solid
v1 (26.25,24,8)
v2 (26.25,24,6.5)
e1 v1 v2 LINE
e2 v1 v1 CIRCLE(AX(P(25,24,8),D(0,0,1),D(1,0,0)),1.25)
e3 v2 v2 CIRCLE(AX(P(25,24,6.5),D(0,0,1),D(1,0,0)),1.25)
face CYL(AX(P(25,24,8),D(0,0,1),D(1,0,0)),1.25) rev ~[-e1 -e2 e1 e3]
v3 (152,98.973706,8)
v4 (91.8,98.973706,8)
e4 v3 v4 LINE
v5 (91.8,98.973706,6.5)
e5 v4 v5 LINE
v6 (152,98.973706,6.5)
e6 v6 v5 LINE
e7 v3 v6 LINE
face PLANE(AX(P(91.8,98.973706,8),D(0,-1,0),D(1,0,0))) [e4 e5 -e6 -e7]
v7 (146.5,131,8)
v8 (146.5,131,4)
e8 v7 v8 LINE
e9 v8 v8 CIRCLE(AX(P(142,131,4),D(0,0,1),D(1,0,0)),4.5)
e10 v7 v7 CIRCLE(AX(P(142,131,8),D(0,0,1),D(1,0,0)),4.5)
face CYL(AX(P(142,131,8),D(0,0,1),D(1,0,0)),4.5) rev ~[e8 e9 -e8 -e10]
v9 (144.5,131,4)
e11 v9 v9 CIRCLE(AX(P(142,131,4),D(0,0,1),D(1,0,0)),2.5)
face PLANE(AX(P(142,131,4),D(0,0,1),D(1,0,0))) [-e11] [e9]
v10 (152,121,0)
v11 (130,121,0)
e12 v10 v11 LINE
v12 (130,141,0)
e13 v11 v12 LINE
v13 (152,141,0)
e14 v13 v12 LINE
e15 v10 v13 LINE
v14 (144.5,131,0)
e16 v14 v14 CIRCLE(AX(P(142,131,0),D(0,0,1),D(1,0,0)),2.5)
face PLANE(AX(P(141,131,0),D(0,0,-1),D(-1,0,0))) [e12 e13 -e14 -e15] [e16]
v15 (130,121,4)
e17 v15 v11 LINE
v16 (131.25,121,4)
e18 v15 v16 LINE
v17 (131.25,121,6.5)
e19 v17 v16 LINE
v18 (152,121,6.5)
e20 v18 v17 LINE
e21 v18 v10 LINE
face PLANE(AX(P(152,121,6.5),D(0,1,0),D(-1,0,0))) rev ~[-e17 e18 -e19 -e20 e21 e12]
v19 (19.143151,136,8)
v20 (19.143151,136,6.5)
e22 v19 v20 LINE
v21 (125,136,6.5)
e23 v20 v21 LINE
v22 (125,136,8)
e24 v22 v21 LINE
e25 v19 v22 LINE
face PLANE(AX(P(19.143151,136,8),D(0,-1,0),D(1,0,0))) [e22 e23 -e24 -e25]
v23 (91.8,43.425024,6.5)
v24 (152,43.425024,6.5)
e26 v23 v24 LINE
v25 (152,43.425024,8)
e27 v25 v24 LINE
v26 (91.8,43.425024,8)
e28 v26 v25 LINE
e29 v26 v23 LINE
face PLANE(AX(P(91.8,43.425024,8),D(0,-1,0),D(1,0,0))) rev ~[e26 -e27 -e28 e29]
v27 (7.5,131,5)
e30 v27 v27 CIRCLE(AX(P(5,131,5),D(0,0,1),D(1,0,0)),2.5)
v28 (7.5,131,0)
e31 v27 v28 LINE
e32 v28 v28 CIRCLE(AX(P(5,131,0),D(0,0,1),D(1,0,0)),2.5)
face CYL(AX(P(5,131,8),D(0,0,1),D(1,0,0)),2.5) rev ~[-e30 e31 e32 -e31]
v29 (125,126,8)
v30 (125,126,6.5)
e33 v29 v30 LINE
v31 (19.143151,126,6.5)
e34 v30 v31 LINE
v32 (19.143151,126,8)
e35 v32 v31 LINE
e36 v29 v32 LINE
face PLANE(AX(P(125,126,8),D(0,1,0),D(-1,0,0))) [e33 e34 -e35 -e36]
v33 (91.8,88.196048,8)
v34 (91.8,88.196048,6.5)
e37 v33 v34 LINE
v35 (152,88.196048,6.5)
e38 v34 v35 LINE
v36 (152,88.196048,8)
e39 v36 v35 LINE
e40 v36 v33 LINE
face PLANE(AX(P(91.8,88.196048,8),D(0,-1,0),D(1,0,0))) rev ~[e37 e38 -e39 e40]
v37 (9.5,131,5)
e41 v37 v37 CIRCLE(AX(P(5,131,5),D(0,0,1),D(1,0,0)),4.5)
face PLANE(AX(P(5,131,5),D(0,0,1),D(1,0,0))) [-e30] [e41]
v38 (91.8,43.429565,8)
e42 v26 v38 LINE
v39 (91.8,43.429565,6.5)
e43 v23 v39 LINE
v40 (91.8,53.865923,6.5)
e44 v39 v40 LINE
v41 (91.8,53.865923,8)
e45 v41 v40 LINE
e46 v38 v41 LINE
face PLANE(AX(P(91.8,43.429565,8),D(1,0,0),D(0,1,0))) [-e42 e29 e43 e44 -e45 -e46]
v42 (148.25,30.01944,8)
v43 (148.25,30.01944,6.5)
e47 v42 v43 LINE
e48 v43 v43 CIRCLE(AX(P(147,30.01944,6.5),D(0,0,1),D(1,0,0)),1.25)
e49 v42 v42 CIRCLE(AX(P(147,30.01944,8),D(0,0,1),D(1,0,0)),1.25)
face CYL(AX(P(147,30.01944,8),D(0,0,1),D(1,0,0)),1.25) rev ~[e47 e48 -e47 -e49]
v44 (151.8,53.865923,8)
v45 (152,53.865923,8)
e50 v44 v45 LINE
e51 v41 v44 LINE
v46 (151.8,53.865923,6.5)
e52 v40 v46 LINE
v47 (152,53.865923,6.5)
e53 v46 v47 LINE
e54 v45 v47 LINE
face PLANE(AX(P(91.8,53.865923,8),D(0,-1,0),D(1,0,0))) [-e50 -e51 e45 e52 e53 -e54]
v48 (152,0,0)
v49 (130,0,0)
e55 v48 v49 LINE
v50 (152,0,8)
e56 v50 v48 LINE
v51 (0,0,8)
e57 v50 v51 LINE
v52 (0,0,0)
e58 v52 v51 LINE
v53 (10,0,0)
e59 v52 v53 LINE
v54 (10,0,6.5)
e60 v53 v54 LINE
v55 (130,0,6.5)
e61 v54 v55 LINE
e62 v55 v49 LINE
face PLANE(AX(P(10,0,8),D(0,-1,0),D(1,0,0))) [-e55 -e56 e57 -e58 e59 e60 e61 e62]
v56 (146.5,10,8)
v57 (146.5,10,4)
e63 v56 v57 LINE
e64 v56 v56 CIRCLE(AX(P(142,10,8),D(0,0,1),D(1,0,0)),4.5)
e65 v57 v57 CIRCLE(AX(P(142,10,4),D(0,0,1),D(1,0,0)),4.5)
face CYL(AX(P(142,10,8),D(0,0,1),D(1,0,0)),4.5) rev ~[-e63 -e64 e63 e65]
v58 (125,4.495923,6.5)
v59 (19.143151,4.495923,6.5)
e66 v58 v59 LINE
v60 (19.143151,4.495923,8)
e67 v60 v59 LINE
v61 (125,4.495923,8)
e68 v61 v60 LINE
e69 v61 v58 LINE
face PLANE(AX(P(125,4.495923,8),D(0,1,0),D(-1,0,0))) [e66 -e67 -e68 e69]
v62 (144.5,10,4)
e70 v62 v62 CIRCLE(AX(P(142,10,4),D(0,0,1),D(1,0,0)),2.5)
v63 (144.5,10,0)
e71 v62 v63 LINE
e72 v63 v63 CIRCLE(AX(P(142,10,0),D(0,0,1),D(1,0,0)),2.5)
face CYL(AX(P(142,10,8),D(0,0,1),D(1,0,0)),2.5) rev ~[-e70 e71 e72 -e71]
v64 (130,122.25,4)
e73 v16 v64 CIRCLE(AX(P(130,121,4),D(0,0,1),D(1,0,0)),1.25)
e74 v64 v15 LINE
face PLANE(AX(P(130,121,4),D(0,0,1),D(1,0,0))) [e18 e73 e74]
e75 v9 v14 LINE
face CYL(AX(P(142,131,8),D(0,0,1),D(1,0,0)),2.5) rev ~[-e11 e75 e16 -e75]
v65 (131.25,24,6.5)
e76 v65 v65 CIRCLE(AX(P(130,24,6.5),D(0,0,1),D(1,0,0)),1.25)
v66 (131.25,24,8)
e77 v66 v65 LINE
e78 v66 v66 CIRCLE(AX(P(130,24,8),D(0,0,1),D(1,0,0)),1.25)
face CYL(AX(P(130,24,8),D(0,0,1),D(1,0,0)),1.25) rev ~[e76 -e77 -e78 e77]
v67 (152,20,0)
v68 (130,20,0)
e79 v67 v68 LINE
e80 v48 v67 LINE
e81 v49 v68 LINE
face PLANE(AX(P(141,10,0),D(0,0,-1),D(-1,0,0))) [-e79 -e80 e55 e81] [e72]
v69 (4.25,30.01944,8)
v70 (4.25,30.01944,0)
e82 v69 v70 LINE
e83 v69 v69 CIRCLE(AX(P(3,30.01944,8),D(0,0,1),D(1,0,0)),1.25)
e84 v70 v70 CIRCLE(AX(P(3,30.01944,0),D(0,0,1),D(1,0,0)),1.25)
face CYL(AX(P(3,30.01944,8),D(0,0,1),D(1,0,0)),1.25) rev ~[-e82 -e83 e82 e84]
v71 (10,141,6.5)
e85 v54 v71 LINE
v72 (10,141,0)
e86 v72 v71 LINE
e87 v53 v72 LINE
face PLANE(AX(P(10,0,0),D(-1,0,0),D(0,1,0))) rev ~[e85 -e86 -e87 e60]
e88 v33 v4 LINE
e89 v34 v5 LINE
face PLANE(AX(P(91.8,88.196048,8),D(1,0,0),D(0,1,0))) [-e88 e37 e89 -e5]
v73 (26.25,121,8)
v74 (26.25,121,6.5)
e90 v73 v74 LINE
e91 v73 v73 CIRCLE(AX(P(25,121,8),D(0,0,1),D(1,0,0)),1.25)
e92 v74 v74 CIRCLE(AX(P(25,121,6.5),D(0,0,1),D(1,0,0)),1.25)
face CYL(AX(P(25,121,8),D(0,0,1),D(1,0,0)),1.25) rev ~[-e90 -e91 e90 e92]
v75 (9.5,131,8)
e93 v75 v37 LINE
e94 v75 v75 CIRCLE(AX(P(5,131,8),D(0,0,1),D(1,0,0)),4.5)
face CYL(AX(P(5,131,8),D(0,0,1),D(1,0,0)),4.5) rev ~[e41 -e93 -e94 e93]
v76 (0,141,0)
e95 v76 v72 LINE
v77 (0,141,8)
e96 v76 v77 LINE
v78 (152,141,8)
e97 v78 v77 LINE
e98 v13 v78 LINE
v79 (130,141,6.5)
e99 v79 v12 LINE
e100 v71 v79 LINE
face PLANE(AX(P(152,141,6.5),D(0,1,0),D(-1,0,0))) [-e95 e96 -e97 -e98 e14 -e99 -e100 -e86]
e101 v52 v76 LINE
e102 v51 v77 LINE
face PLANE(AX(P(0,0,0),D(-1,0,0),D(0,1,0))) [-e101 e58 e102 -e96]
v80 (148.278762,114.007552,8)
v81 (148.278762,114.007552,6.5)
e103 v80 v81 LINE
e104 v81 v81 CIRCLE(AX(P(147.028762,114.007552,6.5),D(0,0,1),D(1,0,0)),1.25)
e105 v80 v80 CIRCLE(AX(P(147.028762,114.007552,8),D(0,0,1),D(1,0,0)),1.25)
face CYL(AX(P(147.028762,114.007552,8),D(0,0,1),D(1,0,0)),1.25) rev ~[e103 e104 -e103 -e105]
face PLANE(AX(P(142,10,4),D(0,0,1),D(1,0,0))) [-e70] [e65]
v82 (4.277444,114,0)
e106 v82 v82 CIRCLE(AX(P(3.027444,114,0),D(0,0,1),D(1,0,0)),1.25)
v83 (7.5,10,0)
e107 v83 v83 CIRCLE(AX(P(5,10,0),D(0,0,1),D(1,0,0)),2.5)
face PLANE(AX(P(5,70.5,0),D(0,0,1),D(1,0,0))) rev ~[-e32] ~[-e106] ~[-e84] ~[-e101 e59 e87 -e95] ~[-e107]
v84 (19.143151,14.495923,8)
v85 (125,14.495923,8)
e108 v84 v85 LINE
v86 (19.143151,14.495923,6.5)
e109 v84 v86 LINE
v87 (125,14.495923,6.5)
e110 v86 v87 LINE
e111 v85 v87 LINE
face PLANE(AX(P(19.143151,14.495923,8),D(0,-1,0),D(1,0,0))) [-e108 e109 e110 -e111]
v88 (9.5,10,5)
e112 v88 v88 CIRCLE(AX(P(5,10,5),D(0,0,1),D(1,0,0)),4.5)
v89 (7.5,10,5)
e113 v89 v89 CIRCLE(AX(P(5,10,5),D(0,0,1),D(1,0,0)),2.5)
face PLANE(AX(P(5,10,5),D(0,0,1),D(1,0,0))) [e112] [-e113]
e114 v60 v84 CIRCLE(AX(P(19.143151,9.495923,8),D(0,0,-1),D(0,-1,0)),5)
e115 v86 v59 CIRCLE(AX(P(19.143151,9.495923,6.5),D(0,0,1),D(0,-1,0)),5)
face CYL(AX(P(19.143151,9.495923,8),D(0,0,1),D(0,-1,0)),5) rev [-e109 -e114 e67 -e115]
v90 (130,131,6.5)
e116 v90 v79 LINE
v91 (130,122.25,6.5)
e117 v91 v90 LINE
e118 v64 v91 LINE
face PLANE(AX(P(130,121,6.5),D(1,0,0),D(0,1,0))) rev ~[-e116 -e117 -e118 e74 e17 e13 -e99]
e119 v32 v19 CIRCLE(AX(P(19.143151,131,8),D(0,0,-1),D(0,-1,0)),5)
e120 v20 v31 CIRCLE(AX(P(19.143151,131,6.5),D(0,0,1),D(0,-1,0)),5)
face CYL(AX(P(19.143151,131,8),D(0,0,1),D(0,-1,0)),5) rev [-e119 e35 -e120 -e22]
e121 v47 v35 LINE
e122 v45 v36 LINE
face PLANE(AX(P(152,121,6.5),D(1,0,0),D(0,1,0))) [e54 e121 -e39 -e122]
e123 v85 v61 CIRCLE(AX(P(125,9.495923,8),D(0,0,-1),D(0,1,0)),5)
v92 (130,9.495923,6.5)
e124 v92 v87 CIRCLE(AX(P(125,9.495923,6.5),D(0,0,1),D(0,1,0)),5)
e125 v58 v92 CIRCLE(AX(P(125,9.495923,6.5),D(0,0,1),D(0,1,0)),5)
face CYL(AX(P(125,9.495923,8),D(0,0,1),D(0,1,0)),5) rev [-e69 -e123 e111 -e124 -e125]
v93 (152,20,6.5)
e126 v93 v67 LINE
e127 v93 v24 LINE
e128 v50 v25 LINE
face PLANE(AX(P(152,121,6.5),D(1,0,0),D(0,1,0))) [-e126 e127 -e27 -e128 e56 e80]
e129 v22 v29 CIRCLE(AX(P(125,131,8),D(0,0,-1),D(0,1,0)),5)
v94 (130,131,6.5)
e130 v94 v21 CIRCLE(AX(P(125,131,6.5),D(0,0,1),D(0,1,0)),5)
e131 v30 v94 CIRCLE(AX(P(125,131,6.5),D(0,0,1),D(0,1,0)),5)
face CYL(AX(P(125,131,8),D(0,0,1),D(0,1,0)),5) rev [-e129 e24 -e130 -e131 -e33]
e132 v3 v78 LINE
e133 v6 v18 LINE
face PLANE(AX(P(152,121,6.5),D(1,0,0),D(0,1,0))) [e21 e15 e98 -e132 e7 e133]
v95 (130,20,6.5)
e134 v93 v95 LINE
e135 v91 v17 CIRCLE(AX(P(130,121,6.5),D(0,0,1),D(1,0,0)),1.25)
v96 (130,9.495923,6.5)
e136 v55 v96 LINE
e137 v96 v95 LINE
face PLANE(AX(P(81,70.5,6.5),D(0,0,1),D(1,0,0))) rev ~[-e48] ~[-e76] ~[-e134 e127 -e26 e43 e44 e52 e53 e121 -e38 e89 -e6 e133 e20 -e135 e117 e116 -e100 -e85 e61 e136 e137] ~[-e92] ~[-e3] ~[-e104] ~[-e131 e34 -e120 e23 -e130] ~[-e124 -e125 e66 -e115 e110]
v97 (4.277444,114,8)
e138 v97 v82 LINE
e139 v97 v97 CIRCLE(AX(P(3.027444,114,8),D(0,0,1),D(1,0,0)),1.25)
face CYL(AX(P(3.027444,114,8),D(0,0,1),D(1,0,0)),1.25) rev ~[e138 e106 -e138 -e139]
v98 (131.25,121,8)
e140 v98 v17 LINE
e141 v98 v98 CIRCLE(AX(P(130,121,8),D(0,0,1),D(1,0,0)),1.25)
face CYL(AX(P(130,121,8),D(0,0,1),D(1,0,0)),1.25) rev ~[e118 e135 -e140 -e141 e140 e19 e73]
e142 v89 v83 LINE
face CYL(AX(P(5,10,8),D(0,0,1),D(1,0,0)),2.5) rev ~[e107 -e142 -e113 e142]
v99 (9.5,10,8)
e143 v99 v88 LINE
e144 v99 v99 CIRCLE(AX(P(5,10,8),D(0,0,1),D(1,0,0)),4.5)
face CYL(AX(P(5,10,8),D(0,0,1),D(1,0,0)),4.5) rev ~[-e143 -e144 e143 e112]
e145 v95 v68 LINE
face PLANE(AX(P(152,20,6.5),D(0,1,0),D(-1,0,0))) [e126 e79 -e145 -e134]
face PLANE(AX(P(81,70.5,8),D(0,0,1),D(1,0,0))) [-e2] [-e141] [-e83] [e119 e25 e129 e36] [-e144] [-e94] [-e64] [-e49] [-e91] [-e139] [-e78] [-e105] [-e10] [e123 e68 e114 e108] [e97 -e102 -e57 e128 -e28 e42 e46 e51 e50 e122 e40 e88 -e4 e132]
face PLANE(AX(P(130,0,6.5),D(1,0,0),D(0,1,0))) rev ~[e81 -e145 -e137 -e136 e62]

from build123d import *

# Parameters (mm, degrees)
SKETCH1_W           = 10
SKETCH1_H           = 141
BOSS_EXTRUDE1_DEPTH = 8
SKETCH2_R           = 2.5
CUT_EXTRUDE1_DEPTH  = 8
SKETCH3_W           = 142
SKETCH3_H           = 141
BOSS_EXTRUDE2_DEPTH = 1.5
CUT_EXTRUDE4_DEPTH  = 24
SKETCH12_W          = 60
SKETCH12_H          = 10.777657791
SKETCH12_H_2        = 10.436358021
CUT_EXTRUDE6_DEPTH  = 10
SKETCH14_W          = 22
SKETCH14_H          = 20
BOSS_EXTRUDE5_DEPTH = 6.5
SKETCH16_W          = 61.380351881
SKETCH16_H          = 10.777657791
SKETCH16_H_2        = 10.440898972
CUT_EXTRUDE9_DEPTH  = 26.5
SKETCH17_R          = 4.5
CUT_EXTRUDE10_DEPTH = 3
SKETCH9_R           = 1.25
CUT_EXTRUDE11_DEPTH = 14
SKETCH13_R          = 2.5
CUT_EXTRUDE12_DEPTH = 14
SKETCH19_R          = 4.5
CUT_EXTRUDE13_DEPTH = 4
SKETCH20_R          = 1.25
CUT_EXTRUDE14_DEPTH = 4


with BuildPart() as part:
    # Sketch1 → Boss-Extrude1 (new body)
    with BuildSketch(Plane.XY):
        with Locations((5, 70.5)):
            Rectangle(SKETCH1_W, SKETCH1_H)
    extrude(amount=BOSS_EXTRUDE1_DEPTH)

    # Sketch2 → Cut-Extrude1 (cut)
    with BuildSketch(Plane.XY.offset(8)):
        with Locations((5, 131)):
            Circle(SKETCH2_R)
        with Locations((5, 10)):
            Circle(SKETCH2_R)
    extrude(amount=-CUT_EXTRUDE1_DEPTH, mode=Mode.SUBTRACT)

    # Sketch3 → Boss-Extrude2 (add)
    with BuildSketch(Plane.XY.offset(8)):
        with Locations((81, 70.5)):
            Rectangle(SKETCH3_W, SKETCH3_H)
    extrude(amount=-BOSS_EXTRUDE2_DEPTH)

    # Sketch8 → Cut-Extrude4 (cut)
    with BuildSketch(Plane.XY.offset(8)):
        with BuildLine():
            Line((19.143151415, 136), (125, 136))
            ThreePointArc((125, 136), (130, 131), (125, 126))
            Line((125, 126), (19.143151415, 126))
            ThreePointArc((19.143151415, 126), (14.143151415, 131), (19.143151415, 136))
        make_face()
        with BuildLine():
            Line((19.143151415, 14.495923054), (125, 14.495923054))
            ThreePointArc((125, 14.495923054), (130, 9.495923054), (125, 4.495923054))
            Line((125, 4.495923054), (19.143151415, 4.495923054))
            ThreePointArc((19.143151415, 4.495923054), (14.143151415, 9.495923054), (19.143151415, 14.495923054))
        make_face()
    extrude(amount=-CUT_EXTRUDE4_DEPTH, mode=Mode.SUBTRACT)

    # Sketch12 → Cut-Extrude6 (cut)
    with BuildSketch(Plane.XY.offset(8)):
        with Locations((121.8, 93.584876831)):
            Rectangle(SKETCH12_W, SKETCH12_H)
        with Locations((121.8, 48.647743856)):
            Rectangle(SKETCH12_W, SKETCH12_H_2)
    extrude(amount=-CUT_EXTRUDE6_DEPTH, mode=Mode.SUBTRACT)

    # Sketch14 → Boss-Extrude5 (add)
    with BuildSketch(Plane(origin=(0, 0, 6.5), x_dir=(-1, 0, 0), z_dir=(0, 0, -1))):
        with Locations((-141, 131)):
            Rectangle(SKETCH14_W, SKETCH14_H)
        with Locations((-141, 10)):
            Rectangle(SKETCH14_W, SKETCH14_H)
    extrude(amount=BOSS_EXTRUDE5_DEPTH)

    # Sketch16 → Cut-Extrude9 (cut)
    with BuildSketch(Plane.XY.offset(8)):
        with Locations((122.490175941, 93.584876831)):
            Rectangle(SKETCH16_W, SKETCH16_H)
        with Locations((122.490175941, 48.64547338)):
            Rectangle(SKETCH16_W, SKETCH16_H_2)
    extrude(amount=-CUT_EXTRUDE9_DEPTH, mode=Mode.SUBTRACT)

    # Sketch17 → Cut-Extrude10 (cut)
    with BuildSketch(Plane.XY.offset(8)):
        with Locations((5, 131)):
            Circle(SKETCH17_R)
        with Locations((5, 10)):
            Circle(SKETCH17_R)
    extrude(amount=-CUT_EXTRUDE10_DEPTH, mode=Mode.SUBTRACT)

    # Sketch9 → Cut-Extrude11 (cut)
    with BuildSketch(Plane.XY.offset(8)):
        with Locations((147.028762267, 114.00755189)):
            Circle(SKETCH9_R)
        with Locations((3.027444188, 114)):
            Circle(SKETCH9_R)
        with Locations((3, 30.019439847)):
            Circle(SKETCH9_R)
        with Locations((147, 30.019439847)):
            Circle(SKETCH9_R)
    extrude(amount=-CUT_EXTRUDE11_DEPTH, mode=Mode.SUBTRACT)

    # Sketch13 → Cut-Extrude12 (cut)
    with BuildSketch(Plane.XY.offset(8)):
        with Locations((142, 131)):
            Circle(SKETCH13_R)
        with Locations((142, 10)):
            Circle(SKETCH13_R)
    extrude(amount=-CUT_EXTRUDE12_DEPTH, mode=Mode.SUBTRACT)

    # Sketch19 → Cut-Extrude13 (cut)
    with BuildSketch(Plane.XY.offset(8)):
        with Locations((142, 131)):
            Circle(SKETCH19_R)
        with Locations((142, 10)):
            Circle(SKETCH19_R)
    extrude(amount=-CUT_EXTRUDE13_DEPTH, mode=Mode.SUBTRACT)

    # Sketch20 → Cut-Extrude14 (cut)
    with BuildSketch(Plane.XY.offset(8)):
        with Locations((25, 121)):
            Circle(SKETCH20_R)
        with Locations((130, 121)):
            Circle(SKETCH20_R)
        with Locations((130, 24)):
            Circle(SKETCH20_R)
        with Locations((25, 24)):
            Circle(SKETCH20_R)
    extrude(amount=-CUT_EXTRUDE14_DEPTH, mode=Mode.SUBTRACT)


solid = part.part
